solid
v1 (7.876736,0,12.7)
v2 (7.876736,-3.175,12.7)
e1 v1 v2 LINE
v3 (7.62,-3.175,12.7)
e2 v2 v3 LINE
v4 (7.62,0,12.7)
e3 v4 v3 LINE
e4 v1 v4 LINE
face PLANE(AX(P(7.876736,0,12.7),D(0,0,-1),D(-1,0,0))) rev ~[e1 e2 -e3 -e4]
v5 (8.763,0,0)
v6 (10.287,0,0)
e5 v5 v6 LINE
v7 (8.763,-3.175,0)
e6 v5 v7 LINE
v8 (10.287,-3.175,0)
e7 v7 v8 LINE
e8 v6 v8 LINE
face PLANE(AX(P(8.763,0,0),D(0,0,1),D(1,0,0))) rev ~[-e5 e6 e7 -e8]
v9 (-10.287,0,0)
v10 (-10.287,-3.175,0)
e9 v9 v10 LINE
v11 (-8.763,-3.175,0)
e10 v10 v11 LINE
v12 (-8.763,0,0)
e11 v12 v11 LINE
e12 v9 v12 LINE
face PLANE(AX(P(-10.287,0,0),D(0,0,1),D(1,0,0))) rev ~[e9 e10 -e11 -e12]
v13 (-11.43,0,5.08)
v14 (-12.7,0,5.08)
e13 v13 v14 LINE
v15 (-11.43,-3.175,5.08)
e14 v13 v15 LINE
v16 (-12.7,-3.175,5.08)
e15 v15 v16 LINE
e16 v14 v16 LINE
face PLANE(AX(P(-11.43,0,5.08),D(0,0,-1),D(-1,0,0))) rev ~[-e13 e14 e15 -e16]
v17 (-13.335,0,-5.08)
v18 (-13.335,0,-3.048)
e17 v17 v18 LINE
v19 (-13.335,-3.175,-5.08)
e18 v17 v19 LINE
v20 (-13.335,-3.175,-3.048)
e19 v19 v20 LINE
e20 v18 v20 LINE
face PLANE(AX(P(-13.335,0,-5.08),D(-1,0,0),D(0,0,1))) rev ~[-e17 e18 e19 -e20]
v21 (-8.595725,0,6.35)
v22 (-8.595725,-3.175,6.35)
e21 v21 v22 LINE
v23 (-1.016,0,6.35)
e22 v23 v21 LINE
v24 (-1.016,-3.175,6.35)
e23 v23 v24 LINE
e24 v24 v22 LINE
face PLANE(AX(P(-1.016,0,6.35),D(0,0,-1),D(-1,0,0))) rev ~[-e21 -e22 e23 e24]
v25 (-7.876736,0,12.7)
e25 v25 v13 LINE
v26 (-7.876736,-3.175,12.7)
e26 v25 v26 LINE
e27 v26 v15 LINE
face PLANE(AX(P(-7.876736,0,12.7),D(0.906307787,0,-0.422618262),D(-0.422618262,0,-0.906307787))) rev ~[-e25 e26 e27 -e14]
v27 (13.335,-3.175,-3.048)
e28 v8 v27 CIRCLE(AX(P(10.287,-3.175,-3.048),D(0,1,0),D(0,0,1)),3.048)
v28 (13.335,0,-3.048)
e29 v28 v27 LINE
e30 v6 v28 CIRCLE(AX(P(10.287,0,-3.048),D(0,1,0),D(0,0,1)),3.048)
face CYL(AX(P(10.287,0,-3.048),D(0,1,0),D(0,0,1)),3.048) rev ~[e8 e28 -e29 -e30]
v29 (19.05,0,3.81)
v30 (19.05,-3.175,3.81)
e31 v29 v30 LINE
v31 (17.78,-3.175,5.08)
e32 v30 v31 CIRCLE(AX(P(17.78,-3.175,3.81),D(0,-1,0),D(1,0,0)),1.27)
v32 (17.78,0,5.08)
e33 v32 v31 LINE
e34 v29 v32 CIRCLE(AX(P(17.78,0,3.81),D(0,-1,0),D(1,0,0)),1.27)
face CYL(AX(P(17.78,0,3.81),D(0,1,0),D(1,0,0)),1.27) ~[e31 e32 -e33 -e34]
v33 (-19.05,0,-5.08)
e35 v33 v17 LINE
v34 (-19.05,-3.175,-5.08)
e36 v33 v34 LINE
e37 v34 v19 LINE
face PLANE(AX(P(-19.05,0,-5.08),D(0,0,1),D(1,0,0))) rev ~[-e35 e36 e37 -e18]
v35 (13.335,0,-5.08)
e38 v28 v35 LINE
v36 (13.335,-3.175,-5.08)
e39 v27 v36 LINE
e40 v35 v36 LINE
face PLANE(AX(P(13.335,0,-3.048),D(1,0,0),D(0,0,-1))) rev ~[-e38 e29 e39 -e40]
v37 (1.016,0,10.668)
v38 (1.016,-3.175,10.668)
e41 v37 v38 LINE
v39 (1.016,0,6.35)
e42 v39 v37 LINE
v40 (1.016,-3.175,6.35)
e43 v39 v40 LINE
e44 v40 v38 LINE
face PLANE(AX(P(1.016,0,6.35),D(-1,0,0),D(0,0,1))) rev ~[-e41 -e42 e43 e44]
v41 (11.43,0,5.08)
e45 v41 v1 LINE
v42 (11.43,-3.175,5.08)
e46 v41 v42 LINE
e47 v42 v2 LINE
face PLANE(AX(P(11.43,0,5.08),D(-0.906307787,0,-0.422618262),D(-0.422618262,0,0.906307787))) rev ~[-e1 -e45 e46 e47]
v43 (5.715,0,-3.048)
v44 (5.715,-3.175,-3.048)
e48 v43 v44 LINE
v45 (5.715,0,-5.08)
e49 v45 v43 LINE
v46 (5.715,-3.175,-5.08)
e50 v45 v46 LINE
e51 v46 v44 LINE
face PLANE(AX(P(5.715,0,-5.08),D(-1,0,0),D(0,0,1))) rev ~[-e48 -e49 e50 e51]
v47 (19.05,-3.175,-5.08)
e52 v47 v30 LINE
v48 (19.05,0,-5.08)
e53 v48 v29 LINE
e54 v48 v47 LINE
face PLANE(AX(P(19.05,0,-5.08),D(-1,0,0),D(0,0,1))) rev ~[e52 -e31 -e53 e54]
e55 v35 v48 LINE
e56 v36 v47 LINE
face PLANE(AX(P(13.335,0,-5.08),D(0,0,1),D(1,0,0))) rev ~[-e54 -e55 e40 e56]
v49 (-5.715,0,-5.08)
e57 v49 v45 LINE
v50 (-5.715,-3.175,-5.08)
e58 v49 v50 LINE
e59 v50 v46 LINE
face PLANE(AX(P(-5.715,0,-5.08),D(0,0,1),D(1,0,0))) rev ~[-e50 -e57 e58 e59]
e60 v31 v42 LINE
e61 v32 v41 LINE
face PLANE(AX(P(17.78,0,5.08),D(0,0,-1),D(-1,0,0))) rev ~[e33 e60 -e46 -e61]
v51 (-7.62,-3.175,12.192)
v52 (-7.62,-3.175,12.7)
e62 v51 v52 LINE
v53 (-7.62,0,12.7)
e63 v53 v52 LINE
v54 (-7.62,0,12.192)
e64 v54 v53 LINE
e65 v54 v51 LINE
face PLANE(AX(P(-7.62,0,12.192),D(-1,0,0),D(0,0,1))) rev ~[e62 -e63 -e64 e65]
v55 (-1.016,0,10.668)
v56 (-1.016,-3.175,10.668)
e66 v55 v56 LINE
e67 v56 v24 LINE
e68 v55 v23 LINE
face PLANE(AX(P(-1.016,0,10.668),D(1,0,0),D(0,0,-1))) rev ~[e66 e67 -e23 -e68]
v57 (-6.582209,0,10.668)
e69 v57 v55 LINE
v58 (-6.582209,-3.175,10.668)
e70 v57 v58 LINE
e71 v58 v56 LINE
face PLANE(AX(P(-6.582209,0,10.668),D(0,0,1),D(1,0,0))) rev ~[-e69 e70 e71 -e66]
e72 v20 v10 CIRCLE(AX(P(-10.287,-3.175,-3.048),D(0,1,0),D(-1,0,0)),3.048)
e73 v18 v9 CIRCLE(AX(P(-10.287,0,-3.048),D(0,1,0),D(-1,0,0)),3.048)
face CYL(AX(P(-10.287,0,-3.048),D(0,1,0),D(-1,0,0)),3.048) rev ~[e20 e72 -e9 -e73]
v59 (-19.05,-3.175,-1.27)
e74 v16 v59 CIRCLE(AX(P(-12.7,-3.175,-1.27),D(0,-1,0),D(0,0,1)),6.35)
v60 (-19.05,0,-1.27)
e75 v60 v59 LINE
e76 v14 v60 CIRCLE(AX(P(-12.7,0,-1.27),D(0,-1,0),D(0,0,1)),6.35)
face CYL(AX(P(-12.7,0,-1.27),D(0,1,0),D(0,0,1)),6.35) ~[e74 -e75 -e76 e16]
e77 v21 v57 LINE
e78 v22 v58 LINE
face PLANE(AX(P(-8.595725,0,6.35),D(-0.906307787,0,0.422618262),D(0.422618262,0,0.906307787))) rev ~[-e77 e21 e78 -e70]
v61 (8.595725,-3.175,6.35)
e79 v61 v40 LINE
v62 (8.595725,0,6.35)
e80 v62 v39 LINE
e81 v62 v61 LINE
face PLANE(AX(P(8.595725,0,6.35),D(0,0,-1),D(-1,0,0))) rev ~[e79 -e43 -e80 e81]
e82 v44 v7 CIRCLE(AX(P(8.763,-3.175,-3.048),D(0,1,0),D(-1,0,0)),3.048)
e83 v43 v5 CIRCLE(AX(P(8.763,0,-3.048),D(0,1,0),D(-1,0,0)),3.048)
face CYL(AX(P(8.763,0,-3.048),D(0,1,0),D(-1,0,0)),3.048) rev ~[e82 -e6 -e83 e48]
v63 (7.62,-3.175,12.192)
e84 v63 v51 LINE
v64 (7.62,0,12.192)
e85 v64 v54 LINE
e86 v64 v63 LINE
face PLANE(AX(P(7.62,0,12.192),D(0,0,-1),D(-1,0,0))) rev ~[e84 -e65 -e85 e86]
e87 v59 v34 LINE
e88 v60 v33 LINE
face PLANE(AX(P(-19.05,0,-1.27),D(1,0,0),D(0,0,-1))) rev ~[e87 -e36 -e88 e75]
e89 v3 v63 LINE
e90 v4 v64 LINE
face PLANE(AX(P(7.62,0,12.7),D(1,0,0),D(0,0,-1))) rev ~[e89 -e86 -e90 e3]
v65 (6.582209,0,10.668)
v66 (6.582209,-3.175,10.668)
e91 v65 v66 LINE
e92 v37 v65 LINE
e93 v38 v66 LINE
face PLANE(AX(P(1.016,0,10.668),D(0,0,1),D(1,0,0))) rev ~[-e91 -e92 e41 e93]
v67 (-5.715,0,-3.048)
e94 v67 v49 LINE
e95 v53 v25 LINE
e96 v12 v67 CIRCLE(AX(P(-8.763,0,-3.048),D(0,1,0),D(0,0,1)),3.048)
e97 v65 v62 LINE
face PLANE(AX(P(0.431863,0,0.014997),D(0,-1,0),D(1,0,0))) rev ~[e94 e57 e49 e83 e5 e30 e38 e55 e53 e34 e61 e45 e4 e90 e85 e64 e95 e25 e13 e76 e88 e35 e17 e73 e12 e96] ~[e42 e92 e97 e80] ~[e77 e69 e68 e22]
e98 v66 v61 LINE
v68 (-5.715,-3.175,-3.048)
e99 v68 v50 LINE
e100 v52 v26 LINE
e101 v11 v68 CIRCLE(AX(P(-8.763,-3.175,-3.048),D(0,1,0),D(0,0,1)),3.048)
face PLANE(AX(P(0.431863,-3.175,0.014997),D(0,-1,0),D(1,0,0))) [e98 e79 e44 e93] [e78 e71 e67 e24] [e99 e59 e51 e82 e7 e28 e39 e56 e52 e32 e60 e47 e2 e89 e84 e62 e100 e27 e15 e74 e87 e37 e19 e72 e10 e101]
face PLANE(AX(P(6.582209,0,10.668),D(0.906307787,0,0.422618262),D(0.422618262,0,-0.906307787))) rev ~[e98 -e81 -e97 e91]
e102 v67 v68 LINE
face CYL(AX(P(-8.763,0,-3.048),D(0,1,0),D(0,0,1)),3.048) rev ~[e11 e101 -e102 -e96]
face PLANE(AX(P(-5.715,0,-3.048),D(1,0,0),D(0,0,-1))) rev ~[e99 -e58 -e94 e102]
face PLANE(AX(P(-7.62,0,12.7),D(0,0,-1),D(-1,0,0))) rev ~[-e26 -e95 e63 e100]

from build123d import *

# Parameters (mm, degrees)
F1_DEPTH = 3.175


with BuildPart() as f1:
    # F0 (on Front) → F1 (new body)
    with BuildSketch(Plane.XZ):
        with BuildLine():
            ThreePointArc((19.05, 3.81), (18.6780256121, 4.7080256121), (17.78, 5.08))
            Line((17.78, 5.08), (11.43, 5.08))
            Line((11.43, 5.08), (-11.43, 5.08))
            Line((-11.43, 5.08), (-12.7, 5.08))
            ThreePointArc((-12.7, 5.08), (-17.1901280605, 3.2201280605), (-19.05, -1.27))
            Line((-19.05, -1.27), (-19.05, -5.08))
            Line((-19.05, -5.08), (-13.335, -5.08))
            Line((-13.335, -5.08), (-13.335, -3.048))
            ThreePointArc((-13.335, -3.048), (-12.4422614691, -0.8927385309), (-10.287, 0))
            Line((-10.287, 0), (-8.763, 0))
            ThreePointArc((-8.763, 0), (-6.6077385309, -0.8927385309), (-5.715, -3.048))
            Line((-5.715, -3.048), (-5.715, -5.08))
            Line((-5.715, -5.08), (5.715, -5.08))
            Line((5.715, -5.08), (5.715, -3.048))
            ThreePointArc((5.715, -3.048), (6.6077385309, -0.8927385309), (8.763, 0))
            Line((8.763, 0), (10.287, 0))
            ThreePointArc((10.287, 0), (12.4422614691, -0.8927385309), (13.335, -3.048))
            Line((13.335, -3.048), (13.335, -5.08))
            Line((13.335, -5.08), (19.05, -5.08))
            Line((19.05, -5.08), (19.05, 3.81))
        make_face()
        Polygon((-11.43, 5.08), (11.43, 5.08), (7.8767356449, 12.7), (7.62, 12.7), (7.62, 12.192), (0, 12.192), (-7.62, 12.192), (-7.62, 12.7), (-7.8767356449, 12.7), align=None)
        Polygon((-1.016, 6.35), (-8.5957253428, 6.35), (-6.5822088749, 10.668), (-1.016, 10.668), align=None, mode=Mode.SUBTRACT)
        Polygon((8.5957253428, 6.35), (1.016, 6.35), (1.016, 10.668), (6.5822088749, 10.668), align=None, mode=Mode.SUBTRACT)
    extrude(amount=F1_DEPTH)


solid = f1.part
